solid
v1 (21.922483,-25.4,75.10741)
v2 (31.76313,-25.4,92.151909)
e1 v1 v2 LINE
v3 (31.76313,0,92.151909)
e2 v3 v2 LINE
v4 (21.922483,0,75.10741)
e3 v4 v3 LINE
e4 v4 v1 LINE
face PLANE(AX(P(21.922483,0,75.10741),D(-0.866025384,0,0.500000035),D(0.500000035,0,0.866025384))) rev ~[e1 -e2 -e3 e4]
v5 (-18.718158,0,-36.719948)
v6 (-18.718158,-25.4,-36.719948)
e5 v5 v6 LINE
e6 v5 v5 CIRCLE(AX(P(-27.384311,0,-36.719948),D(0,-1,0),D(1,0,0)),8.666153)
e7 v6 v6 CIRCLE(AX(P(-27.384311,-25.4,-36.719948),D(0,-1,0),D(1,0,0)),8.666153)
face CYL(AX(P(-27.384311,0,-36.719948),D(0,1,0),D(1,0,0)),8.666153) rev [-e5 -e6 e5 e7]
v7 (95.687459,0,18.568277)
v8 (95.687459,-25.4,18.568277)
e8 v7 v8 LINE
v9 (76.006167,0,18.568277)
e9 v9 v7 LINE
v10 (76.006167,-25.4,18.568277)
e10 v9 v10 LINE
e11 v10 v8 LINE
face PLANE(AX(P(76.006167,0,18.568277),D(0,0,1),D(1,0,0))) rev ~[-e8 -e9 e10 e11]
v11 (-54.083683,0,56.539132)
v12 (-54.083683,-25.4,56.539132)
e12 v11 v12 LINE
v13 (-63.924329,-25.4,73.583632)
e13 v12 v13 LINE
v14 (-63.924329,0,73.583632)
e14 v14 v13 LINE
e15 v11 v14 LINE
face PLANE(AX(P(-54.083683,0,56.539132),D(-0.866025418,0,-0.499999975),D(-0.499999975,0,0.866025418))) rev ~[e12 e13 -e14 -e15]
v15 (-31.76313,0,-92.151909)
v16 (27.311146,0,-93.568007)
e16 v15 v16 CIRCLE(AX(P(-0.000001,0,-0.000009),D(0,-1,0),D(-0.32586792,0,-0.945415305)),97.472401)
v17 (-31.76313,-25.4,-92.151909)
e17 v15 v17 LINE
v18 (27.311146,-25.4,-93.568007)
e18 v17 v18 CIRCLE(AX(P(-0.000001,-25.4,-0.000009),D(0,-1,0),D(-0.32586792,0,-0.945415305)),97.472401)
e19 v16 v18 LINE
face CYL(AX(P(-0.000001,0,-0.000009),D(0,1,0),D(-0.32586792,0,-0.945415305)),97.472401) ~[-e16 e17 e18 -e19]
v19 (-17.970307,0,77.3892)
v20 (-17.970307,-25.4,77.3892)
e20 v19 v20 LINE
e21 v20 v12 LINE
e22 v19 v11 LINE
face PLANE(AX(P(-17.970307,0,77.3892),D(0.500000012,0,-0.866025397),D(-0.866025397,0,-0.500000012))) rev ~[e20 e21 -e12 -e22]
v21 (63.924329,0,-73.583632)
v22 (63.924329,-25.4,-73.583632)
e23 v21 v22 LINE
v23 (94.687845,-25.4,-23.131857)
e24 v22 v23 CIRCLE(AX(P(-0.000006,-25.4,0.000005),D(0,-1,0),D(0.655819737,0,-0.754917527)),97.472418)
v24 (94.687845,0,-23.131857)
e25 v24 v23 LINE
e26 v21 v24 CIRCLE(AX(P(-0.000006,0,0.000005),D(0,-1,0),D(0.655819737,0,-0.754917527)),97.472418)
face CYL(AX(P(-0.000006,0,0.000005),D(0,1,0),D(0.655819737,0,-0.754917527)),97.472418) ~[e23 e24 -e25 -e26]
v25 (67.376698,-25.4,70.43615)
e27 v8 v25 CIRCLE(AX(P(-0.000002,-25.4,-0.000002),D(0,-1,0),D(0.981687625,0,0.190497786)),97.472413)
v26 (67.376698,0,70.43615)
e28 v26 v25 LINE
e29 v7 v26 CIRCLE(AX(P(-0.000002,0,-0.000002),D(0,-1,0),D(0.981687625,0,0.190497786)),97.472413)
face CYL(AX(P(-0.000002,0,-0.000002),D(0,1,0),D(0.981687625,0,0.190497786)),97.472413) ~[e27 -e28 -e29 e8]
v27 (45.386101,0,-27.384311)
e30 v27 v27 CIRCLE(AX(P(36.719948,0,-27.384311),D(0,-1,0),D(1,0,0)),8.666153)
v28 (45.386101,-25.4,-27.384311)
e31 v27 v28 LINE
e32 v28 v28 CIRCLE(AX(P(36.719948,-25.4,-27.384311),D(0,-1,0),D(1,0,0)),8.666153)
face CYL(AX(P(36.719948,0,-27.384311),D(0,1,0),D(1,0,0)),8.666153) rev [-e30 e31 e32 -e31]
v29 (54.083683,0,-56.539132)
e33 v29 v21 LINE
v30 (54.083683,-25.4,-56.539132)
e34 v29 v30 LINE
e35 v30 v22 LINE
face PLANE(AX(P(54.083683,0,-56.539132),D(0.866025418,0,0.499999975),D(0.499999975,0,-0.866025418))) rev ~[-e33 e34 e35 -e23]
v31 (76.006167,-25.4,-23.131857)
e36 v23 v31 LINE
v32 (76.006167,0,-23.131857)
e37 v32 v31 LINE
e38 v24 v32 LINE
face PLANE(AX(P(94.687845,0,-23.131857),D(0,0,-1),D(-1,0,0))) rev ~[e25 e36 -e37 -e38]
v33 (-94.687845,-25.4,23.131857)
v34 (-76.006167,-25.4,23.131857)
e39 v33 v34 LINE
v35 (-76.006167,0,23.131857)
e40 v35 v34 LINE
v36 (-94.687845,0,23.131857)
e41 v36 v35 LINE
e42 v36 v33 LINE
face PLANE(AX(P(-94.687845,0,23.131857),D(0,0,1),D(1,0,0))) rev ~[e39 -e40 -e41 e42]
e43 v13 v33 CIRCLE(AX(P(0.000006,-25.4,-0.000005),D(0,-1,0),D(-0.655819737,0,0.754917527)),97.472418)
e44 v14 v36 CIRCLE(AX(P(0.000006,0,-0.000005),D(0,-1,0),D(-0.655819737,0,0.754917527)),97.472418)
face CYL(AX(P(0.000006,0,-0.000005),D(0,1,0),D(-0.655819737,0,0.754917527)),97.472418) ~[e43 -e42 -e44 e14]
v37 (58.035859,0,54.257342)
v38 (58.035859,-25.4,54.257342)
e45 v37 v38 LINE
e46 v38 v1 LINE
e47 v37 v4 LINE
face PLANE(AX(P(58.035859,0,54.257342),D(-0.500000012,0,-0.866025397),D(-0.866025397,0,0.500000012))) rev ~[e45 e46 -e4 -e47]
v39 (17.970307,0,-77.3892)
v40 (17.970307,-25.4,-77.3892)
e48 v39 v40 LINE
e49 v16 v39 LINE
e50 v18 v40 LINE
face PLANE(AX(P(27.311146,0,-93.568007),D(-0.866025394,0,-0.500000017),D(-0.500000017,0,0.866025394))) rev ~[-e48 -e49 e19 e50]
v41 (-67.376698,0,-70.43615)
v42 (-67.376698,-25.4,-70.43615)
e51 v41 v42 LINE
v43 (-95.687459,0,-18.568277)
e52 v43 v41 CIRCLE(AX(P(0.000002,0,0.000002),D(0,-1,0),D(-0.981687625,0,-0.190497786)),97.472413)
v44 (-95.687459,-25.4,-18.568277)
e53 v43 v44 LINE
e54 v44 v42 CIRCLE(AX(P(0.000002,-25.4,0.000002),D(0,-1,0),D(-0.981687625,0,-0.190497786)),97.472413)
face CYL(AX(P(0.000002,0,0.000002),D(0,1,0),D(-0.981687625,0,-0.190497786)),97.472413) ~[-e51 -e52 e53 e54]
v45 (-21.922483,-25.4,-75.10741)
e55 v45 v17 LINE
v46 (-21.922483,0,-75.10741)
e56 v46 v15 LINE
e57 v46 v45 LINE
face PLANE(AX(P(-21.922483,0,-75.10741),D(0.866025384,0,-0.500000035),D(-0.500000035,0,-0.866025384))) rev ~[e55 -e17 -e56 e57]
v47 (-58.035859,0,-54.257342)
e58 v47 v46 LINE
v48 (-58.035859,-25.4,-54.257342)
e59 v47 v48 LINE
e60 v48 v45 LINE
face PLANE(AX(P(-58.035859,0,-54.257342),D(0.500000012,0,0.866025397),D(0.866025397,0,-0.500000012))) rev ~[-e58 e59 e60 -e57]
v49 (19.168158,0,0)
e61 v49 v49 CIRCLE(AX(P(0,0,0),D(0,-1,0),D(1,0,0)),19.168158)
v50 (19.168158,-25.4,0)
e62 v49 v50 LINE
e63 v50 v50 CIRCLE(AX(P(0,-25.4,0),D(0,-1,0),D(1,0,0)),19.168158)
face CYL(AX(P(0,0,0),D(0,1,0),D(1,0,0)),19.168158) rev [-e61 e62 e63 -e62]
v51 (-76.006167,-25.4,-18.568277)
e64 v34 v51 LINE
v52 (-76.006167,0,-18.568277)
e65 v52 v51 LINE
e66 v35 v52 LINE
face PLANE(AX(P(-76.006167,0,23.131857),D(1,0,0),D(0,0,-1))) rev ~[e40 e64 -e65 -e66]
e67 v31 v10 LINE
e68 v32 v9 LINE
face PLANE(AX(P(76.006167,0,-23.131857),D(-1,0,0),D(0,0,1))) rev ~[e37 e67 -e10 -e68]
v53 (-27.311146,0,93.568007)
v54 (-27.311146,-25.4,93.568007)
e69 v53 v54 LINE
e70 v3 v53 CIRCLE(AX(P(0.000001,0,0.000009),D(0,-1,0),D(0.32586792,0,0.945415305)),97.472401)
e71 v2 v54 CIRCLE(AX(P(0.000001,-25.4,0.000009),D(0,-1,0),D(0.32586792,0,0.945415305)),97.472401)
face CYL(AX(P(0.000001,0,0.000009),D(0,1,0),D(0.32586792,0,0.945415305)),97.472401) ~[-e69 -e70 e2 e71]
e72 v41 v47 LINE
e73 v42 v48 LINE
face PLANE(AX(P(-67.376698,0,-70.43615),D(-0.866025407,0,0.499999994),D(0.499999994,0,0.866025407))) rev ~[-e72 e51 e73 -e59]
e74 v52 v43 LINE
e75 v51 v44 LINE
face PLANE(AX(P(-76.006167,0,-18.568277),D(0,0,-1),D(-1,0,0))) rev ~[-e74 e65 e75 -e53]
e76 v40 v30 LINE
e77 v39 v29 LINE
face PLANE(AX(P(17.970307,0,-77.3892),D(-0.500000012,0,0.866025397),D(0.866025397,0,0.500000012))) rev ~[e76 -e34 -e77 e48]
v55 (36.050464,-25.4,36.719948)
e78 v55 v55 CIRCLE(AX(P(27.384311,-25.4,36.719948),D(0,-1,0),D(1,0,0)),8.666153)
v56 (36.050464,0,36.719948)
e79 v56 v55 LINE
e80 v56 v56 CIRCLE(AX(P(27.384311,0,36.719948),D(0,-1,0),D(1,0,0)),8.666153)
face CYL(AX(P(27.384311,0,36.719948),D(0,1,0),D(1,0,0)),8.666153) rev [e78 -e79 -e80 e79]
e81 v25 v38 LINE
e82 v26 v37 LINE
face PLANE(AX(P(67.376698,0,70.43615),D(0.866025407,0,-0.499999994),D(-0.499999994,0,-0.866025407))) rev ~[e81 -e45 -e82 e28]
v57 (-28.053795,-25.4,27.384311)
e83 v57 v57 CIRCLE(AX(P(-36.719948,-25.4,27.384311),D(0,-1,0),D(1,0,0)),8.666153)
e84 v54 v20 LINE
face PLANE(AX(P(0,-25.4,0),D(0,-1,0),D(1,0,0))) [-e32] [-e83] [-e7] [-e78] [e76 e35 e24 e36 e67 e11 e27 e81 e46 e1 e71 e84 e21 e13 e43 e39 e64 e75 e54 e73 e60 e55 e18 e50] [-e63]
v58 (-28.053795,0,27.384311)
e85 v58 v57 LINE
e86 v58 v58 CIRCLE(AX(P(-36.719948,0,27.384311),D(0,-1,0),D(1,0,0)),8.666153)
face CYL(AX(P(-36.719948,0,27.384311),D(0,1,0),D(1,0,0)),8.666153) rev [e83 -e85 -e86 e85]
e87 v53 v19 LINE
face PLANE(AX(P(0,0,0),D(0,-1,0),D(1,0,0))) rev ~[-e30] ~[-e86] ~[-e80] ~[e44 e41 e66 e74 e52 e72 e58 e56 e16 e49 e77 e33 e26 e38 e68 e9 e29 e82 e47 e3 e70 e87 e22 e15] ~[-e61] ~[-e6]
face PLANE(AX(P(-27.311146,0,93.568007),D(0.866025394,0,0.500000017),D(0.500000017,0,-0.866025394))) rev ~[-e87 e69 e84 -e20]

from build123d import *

# Parameters (mm, degrees)
F0_R     = 8.666153
F0_R_2   = 19.168158
F1_DEPTH = 25.4


with BuildPart() as f1:
    # F0 (on Front) → F1 (new body)
    with BuildSketch(Plane.XZ):
        with BuildLine():
            Line((76.006167, 18.568277), (95.687459, 18.568277))
            ThreePointArc((95.687459, 18.568277), (85.557284, 46.69927), (67.376698, 70.43615))
            Line((67.376698, 70.43615), (58.035859, 54.257342))
            Line((58.035859, 54.257342), (21.922483, 75.10741))
            Line((21.922483, 75.10741), (31.76313, 92.151909))
            ThreePointArc((31.76313, 92.151909), (2.335888, 97.444417), (-27.311146, 93.568007))
            Line((-27.311146, 93.568007), (-17.970307, 77.3892))
            Line((-17.970307, 77.3892), (-54.083683, 56.539132))
            Line((-54.083683, 56.539132), (-63.924329, 73.583632))
            ThreePointArc((-63.924329, 73.583632), (-83.221396, 50.745147), (-94.687845, 23.131857))
            Line((-94.687845, 23.131857), (-76.006167, 23.131857))
            Line((-76.006167, 23.131857), (-76.006167, -18.568277))
            Line((-76.006167, -18.568277), (-95.687459, -18.568277))
            ThreePointArc((-95.687459, -18.568277), (-85.557284, -46.69927), (-67.376698, -70.43615))
            Line((-67.376698, -70.43615), (-58.035859, -54.257342))
            Line((-58.035859, -54.257342), (-21.922483, -75.10741))
            Line((-21.922483, -75.10741), (-31.76313, -92.151909))
            ThreePointArc((-31.76313, -92.151909), (-2.335888, -97.444417), (27.311146, -93.568007))
            Line((27.311146, -93.568007), (17.970307, -77.3892))
            Line((17.970307, -77.3892), (54.083683, -56.539132))
            Line((54.083683, -56.539132), (63.924329, -73.583632))
            ThreePointArc((63.924329, -73.583632), (83.221396, -50.745147), (94.687845, -23.131857))
            Line((94.687845, -23.131857), (76.006167, -23.131857))
            Line((76.006167, -23.131857), (76.006167, 18.568277))
        make_face()
        with Locations((-27.384311, -36.719948)):
            Circle(F0_R, mode=Mode.SUBTRACT)
        with Locations((36.719948, -27.384311)):
            Circle(F0_R, mode=Mode.SUBTRACT)
        with Locations((-36.719948, 27.384311)):
            Circle(F0_R, mode=Mode.SUBTRACT)
        Circle(F0_R_2, mode=Mode.SUBTRACT)
        with Locations((27.384311, 36.719948)):
            Circle(F0_R, mode=Mode.SUBTRACT)
    extrude(amount=F1_DEPTH)


solid = f1.part
